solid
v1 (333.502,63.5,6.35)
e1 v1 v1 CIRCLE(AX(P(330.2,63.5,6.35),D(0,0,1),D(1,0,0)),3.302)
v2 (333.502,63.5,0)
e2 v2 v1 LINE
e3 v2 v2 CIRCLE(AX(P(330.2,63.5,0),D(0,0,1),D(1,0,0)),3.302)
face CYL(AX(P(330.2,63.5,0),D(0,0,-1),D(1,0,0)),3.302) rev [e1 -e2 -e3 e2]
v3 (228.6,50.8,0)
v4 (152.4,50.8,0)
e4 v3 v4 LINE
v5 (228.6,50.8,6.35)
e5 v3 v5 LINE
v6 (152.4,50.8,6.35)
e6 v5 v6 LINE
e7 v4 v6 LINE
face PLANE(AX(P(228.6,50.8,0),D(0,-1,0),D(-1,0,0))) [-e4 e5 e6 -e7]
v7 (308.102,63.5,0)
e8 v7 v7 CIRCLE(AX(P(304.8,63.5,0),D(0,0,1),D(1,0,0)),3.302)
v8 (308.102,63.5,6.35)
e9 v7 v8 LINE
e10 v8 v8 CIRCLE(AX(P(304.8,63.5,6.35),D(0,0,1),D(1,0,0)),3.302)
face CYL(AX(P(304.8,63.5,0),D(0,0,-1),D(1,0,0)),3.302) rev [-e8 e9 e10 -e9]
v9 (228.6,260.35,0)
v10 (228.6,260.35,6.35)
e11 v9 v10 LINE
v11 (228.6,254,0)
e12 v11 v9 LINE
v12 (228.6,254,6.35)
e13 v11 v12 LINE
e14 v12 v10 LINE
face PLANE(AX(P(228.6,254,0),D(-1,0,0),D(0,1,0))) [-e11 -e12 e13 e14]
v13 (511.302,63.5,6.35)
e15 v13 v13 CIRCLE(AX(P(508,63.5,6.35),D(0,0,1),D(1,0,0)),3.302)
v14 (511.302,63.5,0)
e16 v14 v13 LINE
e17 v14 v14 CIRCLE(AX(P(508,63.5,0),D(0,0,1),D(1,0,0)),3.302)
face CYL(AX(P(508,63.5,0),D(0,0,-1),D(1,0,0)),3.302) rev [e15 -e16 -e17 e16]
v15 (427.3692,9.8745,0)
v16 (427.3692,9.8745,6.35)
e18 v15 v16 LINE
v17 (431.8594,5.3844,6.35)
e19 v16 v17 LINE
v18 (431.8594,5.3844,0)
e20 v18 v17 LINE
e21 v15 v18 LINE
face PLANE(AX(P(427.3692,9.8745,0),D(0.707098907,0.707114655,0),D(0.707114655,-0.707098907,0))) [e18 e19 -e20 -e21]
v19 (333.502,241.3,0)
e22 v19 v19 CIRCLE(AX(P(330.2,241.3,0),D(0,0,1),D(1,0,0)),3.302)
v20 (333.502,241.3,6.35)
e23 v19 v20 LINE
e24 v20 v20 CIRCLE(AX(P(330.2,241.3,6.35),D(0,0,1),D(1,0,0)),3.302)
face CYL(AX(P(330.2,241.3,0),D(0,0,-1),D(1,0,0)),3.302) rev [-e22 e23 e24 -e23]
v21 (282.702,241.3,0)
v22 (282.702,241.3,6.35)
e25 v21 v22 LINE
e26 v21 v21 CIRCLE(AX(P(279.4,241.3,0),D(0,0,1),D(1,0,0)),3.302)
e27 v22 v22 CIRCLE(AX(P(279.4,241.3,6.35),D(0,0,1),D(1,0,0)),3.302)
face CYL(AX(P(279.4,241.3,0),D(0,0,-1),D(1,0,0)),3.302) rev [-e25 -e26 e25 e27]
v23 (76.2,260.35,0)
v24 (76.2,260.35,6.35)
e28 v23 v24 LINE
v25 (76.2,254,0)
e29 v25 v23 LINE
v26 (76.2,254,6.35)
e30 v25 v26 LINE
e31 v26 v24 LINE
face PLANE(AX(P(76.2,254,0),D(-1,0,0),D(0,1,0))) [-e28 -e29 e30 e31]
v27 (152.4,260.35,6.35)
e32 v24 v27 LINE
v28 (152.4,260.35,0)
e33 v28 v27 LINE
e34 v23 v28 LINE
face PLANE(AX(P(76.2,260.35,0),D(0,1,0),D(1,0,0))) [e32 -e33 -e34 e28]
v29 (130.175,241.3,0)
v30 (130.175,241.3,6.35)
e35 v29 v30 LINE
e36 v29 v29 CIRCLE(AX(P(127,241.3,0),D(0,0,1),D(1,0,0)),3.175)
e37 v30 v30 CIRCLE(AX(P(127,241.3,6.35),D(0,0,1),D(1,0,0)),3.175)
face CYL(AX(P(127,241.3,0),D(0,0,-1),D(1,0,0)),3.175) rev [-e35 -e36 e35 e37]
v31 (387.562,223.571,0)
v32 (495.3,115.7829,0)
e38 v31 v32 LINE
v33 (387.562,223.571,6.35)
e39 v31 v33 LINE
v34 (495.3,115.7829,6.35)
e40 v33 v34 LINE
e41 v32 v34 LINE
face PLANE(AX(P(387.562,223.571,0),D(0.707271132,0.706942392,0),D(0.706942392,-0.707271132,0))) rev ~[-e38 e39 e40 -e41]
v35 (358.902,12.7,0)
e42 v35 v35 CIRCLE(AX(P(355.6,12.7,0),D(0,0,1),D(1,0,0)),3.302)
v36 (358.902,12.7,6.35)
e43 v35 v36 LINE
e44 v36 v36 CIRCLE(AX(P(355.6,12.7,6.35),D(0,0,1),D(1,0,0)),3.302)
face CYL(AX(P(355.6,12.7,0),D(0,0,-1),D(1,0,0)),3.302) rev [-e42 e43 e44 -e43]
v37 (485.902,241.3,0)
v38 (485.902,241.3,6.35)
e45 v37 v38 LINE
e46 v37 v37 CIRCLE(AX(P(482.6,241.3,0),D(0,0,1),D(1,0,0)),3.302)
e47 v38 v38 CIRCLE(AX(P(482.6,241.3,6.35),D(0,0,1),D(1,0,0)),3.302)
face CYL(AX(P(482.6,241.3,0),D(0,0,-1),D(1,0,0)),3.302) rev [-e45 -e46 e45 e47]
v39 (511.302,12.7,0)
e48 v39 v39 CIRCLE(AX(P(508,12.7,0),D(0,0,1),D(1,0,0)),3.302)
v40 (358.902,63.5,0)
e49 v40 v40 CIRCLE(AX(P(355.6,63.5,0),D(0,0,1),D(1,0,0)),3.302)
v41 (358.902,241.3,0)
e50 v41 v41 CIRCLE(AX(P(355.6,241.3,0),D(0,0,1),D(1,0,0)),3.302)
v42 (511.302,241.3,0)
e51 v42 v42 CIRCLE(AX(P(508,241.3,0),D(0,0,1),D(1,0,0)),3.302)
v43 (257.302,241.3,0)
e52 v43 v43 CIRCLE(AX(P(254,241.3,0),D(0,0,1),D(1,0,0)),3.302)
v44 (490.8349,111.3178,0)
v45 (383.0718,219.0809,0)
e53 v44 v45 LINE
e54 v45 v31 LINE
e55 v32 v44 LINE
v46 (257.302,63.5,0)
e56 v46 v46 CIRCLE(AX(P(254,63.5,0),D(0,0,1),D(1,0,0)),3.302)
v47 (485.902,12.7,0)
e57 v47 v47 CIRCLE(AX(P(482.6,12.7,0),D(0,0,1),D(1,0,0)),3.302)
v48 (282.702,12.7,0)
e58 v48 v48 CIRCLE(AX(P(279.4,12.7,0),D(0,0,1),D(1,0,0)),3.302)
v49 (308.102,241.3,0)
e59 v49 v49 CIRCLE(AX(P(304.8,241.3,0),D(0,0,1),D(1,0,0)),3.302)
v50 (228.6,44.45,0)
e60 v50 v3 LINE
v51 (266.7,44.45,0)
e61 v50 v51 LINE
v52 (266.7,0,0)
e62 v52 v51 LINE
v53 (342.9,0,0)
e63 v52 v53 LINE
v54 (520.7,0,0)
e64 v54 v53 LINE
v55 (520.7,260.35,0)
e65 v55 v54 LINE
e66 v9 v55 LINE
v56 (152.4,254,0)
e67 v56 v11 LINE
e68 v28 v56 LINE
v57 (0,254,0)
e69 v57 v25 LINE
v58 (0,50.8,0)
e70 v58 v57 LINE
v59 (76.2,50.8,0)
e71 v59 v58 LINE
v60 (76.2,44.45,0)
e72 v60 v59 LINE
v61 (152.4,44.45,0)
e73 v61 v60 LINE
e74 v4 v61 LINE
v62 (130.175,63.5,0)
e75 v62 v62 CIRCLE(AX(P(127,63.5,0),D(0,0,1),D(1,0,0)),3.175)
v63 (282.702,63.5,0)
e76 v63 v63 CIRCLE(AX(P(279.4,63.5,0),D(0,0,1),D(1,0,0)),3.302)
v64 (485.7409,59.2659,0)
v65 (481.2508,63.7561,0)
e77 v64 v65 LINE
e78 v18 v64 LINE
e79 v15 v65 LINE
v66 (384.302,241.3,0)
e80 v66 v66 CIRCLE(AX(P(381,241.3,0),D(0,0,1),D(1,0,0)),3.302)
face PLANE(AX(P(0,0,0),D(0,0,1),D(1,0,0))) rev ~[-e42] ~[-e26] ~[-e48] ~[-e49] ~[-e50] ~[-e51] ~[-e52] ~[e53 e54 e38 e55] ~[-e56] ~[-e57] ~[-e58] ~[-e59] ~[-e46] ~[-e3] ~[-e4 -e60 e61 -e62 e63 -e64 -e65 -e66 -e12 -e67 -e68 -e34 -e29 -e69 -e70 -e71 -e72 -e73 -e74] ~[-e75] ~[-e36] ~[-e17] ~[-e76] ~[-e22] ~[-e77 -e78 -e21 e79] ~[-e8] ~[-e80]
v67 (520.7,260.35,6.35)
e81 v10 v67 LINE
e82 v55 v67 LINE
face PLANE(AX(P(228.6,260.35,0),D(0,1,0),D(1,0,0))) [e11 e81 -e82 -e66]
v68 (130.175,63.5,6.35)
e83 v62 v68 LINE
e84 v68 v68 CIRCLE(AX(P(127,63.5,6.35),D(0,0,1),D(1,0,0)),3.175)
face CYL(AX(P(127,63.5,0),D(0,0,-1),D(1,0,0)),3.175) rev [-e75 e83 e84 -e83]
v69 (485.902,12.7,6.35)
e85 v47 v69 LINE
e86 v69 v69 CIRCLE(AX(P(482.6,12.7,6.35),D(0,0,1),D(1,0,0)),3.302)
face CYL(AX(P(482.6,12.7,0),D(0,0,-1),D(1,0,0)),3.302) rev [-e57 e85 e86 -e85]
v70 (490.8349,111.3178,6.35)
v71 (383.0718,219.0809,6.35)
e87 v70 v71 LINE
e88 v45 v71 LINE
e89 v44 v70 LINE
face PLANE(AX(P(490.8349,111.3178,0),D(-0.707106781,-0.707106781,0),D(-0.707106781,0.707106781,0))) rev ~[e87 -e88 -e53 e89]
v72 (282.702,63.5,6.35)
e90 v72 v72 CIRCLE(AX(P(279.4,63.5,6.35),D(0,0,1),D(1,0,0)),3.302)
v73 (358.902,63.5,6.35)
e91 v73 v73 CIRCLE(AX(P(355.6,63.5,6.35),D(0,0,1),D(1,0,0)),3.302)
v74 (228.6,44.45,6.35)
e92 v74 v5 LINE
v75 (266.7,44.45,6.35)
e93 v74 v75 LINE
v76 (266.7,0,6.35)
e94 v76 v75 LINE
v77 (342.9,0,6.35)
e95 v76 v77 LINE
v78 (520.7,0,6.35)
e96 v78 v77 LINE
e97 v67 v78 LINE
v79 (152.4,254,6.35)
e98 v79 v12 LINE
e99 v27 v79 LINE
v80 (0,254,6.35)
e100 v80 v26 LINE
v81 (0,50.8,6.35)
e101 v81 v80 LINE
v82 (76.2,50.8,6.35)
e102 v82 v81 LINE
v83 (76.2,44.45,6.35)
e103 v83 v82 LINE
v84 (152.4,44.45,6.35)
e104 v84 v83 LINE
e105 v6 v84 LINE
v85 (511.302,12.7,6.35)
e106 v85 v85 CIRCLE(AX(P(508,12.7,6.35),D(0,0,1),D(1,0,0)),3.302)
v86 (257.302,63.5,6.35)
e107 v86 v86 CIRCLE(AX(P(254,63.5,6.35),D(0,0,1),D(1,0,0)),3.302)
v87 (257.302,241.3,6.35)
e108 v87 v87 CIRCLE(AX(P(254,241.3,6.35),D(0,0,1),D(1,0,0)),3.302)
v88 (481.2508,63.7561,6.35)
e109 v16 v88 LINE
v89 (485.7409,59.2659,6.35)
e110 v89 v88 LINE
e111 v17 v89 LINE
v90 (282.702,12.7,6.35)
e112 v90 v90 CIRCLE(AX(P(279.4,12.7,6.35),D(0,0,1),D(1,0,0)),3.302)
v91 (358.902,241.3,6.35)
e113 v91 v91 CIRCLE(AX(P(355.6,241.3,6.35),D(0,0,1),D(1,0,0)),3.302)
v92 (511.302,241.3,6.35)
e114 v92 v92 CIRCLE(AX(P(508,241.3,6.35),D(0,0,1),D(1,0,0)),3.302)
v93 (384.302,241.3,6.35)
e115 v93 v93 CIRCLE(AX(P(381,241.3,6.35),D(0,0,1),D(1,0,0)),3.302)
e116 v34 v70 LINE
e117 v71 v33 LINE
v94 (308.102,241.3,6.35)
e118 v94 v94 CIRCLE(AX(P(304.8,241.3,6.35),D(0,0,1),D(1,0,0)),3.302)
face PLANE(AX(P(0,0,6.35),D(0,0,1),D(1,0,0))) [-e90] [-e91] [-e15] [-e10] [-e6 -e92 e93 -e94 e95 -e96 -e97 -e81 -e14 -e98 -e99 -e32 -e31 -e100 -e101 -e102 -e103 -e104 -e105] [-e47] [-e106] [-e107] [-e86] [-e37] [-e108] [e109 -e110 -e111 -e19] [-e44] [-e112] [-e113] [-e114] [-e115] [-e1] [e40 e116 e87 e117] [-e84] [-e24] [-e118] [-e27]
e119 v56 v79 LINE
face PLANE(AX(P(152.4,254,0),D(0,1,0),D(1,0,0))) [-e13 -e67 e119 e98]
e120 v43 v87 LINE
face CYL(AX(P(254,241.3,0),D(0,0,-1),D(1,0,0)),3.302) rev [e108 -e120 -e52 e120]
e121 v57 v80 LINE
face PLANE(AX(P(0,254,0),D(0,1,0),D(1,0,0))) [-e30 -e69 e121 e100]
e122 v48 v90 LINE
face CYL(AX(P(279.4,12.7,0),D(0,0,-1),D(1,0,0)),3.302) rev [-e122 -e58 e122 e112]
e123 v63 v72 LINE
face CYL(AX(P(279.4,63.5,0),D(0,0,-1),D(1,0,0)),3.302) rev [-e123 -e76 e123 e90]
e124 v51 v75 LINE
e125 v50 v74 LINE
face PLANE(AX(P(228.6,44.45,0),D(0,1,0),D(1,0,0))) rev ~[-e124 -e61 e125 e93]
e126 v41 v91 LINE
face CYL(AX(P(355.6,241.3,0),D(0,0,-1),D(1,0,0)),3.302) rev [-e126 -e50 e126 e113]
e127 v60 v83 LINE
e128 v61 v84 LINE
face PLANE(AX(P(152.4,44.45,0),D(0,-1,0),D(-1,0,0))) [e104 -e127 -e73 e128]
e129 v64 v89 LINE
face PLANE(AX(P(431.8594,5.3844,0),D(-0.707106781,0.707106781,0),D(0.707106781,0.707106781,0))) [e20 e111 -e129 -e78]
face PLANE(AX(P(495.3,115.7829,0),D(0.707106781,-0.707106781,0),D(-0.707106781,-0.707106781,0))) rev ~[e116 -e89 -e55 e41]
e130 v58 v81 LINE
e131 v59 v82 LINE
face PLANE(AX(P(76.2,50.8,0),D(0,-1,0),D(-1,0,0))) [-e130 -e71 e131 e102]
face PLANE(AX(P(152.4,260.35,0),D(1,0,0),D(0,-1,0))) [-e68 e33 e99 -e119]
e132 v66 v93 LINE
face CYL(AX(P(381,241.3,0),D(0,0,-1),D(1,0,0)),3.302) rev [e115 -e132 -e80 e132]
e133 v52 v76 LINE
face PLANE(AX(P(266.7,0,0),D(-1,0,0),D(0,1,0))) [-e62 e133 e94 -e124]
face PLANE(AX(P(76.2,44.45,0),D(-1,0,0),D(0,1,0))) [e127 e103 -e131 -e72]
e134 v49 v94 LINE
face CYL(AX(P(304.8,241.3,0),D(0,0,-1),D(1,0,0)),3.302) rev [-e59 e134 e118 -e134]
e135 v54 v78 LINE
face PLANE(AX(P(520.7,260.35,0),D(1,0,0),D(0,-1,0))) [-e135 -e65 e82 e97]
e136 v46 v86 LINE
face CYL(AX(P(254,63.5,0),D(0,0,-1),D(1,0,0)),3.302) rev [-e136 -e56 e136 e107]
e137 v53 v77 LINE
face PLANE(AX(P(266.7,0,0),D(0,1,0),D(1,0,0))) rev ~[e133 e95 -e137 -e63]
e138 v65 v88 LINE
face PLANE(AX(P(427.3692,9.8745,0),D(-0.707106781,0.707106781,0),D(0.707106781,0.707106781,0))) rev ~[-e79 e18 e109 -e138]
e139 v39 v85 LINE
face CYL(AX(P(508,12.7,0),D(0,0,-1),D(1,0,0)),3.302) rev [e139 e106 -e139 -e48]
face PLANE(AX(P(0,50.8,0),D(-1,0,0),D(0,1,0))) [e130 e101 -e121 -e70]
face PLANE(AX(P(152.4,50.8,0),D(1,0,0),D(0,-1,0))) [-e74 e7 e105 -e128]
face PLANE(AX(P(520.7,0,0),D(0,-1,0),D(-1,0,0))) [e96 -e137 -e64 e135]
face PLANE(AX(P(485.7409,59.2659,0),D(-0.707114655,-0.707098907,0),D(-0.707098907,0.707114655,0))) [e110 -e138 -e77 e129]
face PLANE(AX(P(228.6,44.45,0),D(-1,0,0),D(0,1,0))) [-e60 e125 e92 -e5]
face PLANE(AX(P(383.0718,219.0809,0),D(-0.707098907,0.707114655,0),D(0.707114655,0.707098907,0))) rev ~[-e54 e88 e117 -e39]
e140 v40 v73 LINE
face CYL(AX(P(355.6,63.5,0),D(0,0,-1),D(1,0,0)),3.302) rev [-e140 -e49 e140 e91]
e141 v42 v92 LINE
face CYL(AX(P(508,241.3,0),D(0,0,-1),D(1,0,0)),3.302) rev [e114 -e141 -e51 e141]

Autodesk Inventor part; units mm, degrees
ref_plane "YZ Plane" through (0, 0, 0) normal (1, 0, 0) x (0, 1, 0)
ref_plane "XZ Plane" through (0, 0, 0) normal (0, 1, 0) x (-1, 0, 0)
ref_plane "XY Plane" through (0, 0, 0) normal (0, 0, 1) x (1, 0, 0)
sketch "Sketch1" plane through (0, 0, 0) normal (0, 0, 1) x (1, 0, 0)
  circle A0 centre (482.6, 12.7) radius 3.302
  circle A1 centre (508, 241.3) radius 3.302
  circle A2 centre (482.6, 241.3) radius 3.302
  circle A3 centre (355.6, 241.3) radius 3.302
  circle A4 centre (330.2, 241.3) radius 3.302
  circle A5 centre (127, 63.5) radius 3.175
  circle A6 centre (127, 241.3) radius 3.175
  line L0 (427.3692, 9.8745) -> (431.8594, 5.3844)
  line L1 (431.8594, 5.3844) -> (485.7409, 59.2659)
  line L2 (485.7409, 59.2659) -> (481.2508, 63.7561)
  circle A7 centre (330.2, 63.5) radius 3.302
  circle A8 centre (254, 241.3) radius 3.302
  circle A9 centre (279.4, 63.5) radius 3.302
  circle A10 centre (355.6, 63.5) radius 3.302
  circle A11 centre (508, 63.5) radius 3.302
  circle A12 centre (355.6, 12.7) radius 3.302
  circle A13 centre (508, 12.7) radius 3.302
  line L3 (0, 254) -> (76.2, 254)
  line L4 (76.2, 254) -> (76.2, 260.35)
  line L5 (76.2, 260.35) -> (152.4, 260.35)
  line L6 (152.4, 260.35) -> (152.4, 254)
  line L7 (152.4, 254) -> (228.6, 254)
  line L8 (228.6, 254) -> (228.6, 260.35)
  line L9 (228.6, 260.35) -> (520.7, 260.35)
  line L10 (520.7, 260.35) -> (520.7, 0)
  line L11 (520.7, 0) -> (342.9, 0)
  line L12 (228.6, 44.45) -> (228.6, 50.8)
  line L13 (228.6, 50.8) -> (152.4, 50.8)
  line L14 (152.4, 50.8) -> (152.4, 44.45)
  line L15 (152.4, 44.45) -> (76.2, 44.45)
  line L16 (76.2, 44.45) -> (76.2, 50.8)
  line L17 (76.2, 50.8) -> (0, 50.8)
  line L18 (0, 50.8) -> (0, 254)
  line L19 (490.8349, 111.3178) -> (383.0718, 219.0809)
  line L20 (383.0718, 219.0809) -> (387.562, 223.571)
  line L21 (387.562, 223.571) -> (495.3, 115.7829)
  line L22 (495.3, 115.7829) -> (490.8349, 111.3178)
  line L23 (427.3692, 9.8745) -> (481.2508, 63.7561)
  circle A14 centre (279.4, 241.3) radius 3.302
  circle A15 centre (381, 241.3) radius 3.302
  circle A16 centre (254, 63.5) radius 3.302
  circle A17 centre (304.8, 241.3) radius 3.302
  circle A18 centre (304.8, 63.5) radius 3.302
  line L24 (266.7, 0) -> (342.9, 0)
  line L25 (266.7, 0) -> (266.7, 44.45)
  line L26 (228.6, 44.45) -> (266.7, 44.45)
  circle A19 centre (279.4, 12.7) radius 3.302
  point P0 (0, 0)
extrude "Extrusion2" add sketch "Sketch1" along normal blind 6.35
properties part number "vrRig_v8_side"
